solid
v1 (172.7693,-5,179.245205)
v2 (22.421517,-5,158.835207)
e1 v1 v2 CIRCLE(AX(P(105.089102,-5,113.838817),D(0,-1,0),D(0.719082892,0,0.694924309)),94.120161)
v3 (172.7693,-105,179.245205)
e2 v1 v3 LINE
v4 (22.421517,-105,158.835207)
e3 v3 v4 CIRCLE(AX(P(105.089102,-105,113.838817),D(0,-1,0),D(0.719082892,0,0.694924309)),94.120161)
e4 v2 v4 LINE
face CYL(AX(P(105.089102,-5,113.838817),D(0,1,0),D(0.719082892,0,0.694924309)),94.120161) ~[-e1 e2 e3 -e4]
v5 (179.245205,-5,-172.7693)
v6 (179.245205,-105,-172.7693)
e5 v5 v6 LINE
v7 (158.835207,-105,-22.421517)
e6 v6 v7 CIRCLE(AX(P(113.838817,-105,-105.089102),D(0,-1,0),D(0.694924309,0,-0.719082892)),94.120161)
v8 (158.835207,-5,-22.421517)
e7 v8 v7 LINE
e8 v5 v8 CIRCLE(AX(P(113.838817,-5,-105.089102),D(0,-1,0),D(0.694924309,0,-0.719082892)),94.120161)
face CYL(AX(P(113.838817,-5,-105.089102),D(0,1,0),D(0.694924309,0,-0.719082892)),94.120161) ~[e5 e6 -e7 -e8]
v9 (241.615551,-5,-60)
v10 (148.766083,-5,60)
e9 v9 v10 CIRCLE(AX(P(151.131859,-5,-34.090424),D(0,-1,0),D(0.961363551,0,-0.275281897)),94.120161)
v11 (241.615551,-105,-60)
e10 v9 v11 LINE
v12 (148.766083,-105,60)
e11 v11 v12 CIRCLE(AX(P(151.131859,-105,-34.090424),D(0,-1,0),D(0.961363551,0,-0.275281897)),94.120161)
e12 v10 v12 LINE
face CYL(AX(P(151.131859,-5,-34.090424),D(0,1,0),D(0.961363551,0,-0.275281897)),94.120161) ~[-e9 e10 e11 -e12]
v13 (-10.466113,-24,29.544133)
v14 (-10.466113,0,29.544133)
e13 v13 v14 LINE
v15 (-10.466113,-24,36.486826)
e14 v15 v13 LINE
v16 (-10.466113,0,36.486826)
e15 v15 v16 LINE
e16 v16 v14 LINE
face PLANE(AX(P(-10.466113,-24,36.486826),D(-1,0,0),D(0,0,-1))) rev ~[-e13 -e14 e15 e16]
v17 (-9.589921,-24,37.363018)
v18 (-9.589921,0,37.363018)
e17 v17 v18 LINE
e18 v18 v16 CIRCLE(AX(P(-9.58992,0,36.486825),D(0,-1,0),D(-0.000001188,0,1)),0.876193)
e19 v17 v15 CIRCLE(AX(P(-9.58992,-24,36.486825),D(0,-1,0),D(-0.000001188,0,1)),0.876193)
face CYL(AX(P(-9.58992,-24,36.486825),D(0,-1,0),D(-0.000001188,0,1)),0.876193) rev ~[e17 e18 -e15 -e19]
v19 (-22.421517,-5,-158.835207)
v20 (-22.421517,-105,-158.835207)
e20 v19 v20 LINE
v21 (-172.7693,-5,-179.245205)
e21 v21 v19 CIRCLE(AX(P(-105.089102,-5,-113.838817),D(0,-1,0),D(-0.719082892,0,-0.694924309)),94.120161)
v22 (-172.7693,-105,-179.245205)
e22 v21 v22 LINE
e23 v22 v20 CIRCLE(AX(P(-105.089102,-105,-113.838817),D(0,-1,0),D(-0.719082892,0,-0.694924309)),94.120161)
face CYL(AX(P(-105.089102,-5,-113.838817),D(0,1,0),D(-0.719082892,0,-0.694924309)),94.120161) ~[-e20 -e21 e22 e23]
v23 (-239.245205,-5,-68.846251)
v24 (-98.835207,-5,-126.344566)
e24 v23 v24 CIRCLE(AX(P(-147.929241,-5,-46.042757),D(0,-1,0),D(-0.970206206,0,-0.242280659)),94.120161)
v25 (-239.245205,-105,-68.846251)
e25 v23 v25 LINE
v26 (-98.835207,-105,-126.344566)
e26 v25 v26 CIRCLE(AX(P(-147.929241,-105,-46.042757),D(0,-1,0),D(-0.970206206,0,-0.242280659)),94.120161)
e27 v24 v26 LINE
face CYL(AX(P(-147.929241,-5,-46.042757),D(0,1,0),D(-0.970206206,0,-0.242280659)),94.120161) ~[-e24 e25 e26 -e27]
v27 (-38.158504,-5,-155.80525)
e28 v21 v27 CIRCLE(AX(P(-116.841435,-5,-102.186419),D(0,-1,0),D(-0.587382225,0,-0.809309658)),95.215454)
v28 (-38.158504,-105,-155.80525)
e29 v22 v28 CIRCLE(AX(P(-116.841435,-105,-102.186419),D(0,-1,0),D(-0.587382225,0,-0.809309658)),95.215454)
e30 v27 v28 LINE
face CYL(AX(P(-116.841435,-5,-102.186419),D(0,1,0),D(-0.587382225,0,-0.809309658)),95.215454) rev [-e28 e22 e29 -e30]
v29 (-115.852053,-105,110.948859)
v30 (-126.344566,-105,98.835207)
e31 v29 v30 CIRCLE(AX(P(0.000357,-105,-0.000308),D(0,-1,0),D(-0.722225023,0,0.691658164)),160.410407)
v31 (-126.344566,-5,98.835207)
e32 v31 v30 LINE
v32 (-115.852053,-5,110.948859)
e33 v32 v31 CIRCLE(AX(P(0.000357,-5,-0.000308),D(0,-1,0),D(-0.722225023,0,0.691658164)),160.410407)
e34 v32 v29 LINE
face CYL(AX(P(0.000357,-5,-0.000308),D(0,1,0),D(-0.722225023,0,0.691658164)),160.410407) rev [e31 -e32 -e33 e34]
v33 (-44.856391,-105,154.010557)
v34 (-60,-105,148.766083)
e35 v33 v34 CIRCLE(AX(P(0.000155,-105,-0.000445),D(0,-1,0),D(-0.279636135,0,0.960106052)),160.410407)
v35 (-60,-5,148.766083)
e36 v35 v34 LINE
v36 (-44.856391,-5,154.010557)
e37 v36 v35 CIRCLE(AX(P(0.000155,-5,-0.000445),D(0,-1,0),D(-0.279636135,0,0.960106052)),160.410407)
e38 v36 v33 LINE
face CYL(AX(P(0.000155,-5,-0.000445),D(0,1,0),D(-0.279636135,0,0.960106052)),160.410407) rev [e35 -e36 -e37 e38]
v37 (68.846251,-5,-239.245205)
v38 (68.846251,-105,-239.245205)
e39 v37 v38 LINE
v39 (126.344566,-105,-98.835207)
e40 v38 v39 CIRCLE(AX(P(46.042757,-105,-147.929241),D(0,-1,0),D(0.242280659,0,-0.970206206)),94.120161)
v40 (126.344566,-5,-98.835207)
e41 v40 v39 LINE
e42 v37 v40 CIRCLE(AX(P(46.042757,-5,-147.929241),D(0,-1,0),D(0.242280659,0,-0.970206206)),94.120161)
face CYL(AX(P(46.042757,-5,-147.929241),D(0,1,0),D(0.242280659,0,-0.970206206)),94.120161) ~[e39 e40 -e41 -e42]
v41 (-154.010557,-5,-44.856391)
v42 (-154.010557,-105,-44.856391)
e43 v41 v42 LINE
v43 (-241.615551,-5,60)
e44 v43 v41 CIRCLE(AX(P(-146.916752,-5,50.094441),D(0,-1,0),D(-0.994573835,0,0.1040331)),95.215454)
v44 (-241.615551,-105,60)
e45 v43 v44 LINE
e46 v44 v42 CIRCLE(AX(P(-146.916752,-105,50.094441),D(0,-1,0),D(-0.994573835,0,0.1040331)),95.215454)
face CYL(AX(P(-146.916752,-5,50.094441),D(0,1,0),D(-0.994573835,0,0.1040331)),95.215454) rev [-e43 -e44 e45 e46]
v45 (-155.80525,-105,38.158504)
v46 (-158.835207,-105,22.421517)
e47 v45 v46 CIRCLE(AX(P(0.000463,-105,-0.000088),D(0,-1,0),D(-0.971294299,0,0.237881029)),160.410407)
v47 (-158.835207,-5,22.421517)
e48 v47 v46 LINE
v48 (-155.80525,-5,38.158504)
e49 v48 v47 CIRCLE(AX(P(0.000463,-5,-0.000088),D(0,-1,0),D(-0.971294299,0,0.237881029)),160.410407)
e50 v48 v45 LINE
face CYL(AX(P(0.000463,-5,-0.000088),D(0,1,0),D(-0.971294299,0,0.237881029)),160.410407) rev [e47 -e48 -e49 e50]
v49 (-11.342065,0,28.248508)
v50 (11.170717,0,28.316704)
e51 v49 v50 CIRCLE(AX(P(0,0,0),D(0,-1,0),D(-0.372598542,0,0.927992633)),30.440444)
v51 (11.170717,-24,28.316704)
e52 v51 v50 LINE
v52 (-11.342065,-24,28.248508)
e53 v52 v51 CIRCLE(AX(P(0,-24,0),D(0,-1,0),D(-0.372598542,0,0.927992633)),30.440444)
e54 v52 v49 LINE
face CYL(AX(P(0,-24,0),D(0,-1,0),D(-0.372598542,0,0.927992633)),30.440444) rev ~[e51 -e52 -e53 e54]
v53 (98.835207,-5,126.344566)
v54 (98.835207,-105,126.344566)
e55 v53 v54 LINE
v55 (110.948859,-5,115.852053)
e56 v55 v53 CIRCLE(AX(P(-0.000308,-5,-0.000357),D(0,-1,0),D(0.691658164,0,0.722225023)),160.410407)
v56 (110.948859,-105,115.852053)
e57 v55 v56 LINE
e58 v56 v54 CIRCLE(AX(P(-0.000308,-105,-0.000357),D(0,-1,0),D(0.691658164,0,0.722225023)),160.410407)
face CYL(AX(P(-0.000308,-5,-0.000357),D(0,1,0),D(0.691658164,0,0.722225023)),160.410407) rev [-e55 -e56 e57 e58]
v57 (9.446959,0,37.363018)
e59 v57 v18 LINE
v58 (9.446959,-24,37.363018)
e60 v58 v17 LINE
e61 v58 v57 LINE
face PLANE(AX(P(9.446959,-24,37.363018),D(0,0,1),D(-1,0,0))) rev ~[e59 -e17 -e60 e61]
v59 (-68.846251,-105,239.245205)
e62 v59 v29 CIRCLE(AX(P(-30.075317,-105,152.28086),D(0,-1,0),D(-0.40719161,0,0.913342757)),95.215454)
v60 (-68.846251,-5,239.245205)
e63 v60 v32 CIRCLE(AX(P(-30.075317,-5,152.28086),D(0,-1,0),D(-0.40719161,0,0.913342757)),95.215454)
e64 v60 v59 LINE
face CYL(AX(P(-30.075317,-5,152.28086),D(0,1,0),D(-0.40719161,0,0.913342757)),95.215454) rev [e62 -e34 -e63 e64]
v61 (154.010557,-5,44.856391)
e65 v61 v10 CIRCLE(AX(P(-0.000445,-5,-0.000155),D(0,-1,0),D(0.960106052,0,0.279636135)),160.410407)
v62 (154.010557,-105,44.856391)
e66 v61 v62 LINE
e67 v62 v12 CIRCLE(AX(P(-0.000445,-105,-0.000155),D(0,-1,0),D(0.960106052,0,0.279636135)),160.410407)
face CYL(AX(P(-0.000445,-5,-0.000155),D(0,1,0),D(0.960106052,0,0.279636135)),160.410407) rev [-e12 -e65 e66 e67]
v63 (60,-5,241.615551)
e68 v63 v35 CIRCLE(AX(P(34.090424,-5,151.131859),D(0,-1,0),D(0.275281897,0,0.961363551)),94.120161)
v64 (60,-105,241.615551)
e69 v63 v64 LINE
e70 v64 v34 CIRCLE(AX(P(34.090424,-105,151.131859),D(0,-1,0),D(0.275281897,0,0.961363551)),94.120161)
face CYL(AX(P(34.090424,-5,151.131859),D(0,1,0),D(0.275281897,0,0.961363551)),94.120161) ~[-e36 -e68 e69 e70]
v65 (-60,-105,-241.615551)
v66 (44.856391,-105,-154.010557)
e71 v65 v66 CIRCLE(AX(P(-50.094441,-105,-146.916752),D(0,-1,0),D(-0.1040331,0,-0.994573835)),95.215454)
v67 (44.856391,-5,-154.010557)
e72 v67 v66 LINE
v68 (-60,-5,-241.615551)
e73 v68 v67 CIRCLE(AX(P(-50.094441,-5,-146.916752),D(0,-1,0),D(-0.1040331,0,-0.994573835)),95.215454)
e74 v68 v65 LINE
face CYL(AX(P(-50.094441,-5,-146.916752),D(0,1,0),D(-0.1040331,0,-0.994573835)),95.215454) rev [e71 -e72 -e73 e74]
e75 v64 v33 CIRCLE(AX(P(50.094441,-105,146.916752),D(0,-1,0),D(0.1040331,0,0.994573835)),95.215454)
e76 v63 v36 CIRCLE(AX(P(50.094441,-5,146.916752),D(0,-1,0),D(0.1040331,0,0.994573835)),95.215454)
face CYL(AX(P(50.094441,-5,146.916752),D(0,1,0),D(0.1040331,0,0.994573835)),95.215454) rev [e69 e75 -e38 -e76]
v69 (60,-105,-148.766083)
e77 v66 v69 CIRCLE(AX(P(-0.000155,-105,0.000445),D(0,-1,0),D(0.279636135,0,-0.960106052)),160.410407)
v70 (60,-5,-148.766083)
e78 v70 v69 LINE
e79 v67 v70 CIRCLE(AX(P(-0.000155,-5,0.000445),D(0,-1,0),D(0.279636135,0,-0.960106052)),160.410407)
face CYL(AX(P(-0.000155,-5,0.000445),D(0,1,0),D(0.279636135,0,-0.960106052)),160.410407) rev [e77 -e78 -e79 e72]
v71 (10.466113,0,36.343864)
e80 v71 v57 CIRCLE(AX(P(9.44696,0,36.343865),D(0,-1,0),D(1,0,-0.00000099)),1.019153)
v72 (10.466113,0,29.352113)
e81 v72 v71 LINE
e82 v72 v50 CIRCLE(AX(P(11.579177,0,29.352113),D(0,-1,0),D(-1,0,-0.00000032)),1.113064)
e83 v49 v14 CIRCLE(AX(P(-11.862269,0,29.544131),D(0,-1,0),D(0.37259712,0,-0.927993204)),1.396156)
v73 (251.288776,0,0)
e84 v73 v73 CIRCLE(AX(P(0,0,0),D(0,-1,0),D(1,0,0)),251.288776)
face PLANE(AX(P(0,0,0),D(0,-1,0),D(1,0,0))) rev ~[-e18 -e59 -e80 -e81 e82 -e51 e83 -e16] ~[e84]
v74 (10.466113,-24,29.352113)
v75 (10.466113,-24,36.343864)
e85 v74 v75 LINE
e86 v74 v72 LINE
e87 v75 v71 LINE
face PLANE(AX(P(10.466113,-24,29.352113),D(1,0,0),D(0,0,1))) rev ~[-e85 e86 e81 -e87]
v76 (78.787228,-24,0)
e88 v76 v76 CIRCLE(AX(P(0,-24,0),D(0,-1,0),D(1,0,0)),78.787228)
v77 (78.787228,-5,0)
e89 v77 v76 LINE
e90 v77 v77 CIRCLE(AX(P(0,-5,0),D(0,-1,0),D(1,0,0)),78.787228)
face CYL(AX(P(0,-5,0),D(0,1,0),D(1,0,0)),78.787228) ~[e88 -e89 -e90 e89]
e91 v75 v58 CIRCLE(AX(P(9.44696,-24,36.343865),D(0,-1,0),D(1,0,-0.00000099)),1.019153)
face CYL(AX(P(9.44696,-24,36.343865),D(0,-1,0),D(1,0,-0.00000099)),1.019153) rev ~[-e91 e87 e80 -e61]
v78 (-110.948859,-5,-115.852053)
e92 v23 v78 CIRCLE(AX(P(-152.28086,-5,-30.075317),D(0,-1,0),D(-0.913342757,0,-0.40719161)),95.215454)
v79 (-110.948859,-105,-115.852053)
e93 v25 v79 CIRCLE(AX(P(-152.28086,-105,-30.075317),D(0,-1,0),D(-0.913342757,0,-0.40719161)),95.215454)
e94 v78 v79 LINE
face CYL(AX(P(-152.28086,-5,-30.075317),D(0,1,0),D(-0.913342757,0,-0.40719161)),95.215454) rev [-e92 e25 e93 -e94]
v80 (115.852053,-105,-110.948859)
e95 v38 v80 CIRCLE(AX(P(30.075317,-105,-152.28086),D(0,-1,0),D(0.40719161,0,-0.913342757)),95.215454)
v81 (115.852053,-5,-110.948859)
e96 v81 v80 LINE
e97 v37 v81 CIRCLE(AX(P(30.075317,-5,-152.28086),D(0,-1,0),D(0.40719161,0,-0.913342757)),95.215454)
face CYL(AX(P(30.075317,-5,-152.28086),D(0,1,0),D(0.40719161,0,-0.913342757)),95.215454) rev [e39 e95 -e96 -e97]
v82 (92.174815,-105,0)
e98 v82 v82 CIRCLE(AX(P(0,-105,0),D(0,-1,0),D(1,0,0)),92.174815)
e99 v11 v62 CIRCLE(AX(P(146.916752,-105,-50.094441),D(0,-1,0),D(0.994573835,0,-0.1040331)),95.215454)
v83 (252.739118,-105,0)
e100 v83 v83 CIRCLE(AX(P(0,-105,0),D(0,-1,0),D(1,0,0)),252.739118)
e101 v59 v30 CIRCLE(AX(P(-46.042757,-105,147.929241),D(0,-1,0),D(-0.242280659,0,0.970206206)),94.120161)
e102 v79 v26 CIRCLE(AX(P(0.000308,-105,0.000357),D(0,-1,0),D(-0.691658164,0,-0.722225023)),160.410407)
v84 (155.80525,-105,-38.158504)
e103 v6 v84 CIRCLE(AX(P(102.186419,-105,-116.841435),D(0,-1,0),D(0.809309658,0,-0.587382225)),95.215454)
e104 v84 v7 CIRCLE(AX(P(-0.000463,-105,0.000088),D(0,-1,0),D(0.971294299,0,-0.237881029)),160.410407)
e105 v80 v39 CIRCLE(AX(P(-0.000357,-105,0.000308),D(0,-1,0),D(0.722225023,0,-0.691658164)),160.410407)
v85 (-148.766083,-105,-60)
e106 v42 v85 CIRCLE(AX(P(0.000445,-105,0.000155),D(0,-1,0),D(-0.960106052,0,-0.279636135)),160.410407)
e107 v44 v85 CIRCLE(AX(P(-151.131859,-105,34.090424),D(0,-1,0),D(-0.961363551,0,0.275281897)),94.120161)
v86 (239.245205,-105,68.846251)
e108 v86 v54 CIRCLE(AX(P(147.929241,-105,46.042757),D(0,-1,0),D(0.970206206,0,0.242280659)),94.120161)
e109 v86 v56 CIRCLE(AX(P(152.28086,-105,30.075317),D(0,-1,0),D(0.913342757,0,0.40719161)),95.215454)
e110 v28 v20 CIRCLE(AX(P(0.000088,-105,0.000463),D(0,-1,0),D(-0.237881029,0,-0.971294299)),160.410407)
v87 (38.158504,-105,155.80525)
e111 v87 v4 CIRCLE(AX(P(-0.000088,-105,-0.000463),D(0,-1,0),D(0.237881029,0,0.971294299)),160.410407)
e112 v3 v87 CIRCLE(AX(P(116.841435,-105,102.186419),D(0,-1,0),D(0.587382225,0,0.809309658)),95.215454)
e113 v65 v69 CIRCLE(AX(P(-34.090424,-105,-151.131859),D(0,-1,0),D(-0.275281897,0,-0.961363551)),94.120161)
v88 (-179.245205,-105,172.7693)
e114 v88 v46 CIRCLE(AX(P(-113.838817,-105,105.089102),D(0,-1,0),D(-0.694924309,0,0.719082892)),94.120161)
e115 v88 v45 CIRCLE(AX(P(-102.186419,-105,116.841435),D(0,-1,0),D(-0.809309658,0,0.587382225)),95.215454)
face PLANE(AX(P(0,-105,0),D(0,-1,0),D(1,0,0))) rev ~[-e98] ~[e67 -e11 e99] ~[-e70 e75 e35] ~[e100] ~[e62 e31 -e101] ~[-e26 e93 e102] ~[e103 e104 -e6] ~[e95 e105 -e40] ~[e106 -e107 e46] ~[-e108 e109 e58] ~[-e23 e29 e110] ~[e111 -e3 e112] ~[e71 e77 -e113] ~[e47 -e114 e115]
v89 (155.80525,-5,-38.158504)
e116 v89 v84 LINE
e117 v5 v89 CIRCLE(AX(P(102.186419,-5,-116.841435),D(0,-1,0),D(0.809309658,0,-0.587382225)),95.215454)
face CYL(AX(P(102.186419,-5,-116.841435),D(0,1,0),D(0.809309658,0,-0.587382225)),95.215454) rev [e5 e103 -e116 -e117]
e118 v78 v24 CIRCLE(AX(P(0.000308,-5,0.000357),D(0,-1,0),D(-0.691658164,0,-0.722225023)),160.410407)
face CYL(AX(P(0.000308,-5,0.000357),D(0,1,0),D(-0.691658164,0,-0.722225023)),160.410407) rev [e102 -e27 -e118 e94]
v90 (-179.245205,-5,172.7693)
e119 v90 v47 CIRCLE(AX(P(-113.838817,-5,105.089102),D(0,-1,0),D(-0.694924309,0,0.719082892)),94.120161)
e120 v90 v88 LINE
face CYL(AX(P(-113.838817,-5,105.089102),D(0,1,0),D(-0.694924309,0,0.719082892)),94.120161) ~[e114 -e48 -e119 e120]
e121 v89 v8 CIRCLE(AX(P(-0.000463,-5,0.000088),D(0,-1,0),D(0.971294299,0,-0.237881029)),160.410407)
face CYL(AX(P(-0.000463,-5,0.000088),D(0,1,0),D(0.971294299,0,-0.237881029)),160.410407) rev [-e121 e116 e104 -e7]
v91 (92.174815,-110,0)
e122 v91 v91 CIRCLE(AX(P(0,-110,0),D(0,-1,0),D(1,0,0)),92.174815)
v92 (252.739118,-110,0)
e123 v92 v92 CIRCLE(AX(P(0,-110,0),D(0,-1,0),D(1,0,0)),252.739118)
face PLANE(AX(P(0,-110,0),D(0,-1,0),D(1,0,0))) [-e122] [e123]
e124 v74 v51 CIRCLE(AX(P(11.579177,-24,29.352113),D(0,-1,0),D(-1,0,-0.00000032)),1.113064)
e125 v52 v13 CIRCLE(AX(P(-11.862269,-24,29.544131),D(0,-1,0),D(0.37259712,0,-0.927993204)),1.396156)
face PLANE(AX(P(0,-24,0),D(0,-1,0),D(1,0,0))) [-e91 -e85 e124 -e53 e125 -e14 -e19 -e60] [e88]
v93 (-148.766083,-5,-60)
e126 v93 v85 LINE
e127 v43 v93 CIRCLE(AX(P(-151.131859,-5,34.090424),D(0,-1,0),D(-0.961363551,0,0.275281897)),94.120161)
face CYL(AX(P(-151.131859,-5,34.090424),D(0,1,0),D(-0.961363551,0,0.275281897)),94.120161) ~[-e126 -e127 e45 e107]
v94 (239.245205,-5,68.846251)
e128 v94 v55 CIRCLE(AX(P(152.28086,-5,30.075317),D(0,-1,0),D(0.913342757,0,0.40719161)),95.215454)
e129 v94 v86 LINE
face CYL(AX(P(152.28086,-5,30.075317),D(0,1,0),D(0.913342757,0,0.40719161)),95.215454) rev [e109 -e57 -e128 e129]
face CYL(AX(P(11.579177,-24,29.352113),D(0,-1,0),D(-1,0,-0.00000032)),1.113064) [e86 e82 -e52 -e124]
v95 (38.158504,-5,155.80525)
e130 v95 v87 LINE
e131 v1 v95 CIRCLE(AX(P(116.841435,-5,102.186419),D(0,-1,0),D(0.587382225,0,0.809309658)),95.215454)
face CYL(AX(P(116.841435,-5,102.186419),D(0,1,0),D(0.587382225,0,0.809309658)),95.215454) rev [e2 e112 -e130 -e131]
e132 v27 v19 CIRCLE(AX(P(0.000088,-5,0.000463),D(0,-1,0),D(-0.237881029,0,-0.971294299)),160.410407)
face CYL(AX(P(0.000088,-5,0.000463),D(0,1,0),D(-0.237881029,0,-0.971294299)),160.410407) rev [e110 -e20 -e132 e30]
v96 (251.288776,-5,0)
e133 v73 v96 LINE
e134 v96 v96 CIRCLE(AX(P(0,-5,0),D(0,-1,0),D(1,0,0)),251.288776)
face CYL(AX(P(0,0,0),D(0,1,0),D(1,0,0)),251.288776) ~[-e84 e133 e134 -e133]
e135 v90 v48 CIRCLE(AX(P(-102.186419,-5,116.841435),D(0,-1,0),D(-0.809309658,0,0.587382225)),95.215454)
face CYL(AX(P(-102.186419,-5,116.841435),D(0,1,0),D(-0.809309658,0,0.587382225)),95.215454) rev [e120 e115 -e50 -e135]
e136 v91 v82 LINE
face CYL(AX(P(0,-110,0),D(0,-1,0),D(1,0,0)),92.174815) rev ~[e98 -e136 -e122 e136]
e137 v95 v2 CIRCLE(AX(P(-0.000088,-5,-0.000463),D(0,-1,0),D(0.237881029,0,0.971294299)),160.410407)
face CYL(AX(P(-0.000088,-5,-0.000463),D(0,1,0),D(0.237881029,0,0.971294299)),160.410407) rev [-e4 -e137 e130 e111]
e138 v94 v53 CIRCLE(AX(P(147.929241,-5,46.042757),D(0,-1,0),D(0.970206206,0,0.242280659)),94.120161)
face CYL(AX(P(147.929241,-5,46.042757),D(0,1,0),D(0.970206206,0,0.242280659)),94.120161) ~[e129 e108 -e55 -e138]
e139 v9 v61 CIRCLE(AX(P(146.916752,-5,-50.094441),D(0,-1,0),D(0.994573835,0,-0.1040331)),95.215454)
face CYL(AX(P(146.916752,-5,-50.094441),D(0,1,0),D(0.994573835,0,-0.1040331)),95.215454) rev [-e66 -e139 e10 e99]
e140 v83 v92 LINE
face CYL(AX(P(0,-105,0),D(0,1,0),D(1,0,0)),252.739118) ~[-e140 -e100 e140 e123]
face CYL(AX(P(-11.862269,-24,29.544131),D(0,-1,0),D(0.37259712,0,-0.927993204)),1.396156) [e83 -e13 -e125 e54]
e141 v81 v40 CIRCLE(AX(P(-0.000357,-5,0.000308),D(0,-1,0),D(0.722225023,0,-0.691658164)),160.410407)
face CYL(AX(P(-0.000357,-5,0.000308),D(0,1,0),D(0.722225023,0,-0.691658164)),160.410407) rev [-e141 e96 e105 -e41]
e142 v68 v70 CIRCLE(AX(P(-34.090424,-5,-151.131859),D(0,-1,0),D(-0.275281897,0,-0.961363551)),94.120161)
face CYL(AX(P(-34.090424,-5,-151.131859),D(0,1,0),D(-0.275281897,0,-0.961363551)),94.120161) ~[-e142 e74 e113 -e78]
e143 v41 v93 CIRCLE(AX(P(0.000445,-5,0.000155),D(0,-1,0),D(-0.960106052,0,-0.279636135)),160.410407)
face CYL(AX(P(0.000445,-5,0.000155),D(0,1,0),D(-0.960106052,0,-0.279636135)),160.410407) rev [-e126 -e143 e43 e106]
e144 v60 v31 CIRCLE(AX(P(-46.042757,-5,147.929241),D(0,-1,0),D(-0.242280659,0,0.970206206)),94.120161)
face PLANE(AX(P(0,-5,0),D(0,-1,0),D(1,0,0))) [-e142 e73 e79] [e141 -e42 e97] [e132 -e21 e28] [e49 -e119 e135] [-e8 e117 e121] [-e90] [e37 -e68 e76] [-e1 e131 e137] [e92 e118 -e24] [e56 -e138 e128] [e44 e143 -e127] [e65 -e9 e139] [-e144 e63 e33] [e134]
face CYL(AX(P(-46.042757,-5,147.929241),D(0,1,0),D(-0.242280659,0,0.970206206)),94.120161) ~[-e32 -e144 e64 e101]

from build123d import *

# Parameters (mm, degrees)
SKETCH_R           = 251.288776
PAD_DEPTH          = 5
SKETCH001_R        = 78.787228
PAD001_DEPTH       = 19
POCKET_DEPTH       = 24.001
PAD002_DEPTH       = 100
POLARPATTERN_COUNT = 12
SKETCH004_R        = 252.739118
PAD003_DEPTH       = 5
SKETCH005_R        = 92.174815
POCKET001_DEPTH    = 5


with BuildPart() as part:
    # Sketch → Pad (new body)
    with BuildSketch(Plane.XZ):
        Circle(SKETCH_R)
    extrude(amount=PAD_DEPTH)

    # Sketch001 (on Face3 of Pad) → Pad001 (join)
    with BuildSketch(Plane.XZ.offset(5)):
        Circle(SKETCH001_R)
    extrude(amount=PAD001_DEPTH)

    # Sketch002 (on Face5 of Pad001) → Pocket (cut, through all)
    with BuildSketch(Plane.XZ.offset(24)):
        with BuildLine():
            ThreePointArc((-11.342065, 28.248508), (0.09221, -30.440304), (11.170717, 28.316704))
            ThreePointArc((10.466113, 29.352113), (10.658972, 28.725907), (11.170717, 28.316704))
            Line((10.466113, 29.352113), (10.466113, 36.343864))
            ThreePointArc((10.466113, 36.343864), (10.16761, 37.064515), (9.446959, 37.363018))
            Line((9.446959, 37.363018), (-9.589921, 37.363018))
            ThreePointArc((-9.589921, 37.363018), (-10.209482, 37.106387), (-10.466113, 36.486826))
            Line((-10.466113, 36.486826), (-10.466113, 29.544133))
            ThreePointArc((-11.342065, 28.248508), (-10.705649, 28.762158), (-10.466113, 29.544133))
        make_face()
    extrude(amount=-POCKET_DEPTH, mode=Mode.SUBTRACT)

    # Sketch003 (on Face3 of Pocket) → Pad002 (join)
    with BuildSketch(Plane.XZ.offset(5)):
        with BuildLine():
            ThreePointArc((-44.856391, 154.010557), (-52.493731, 151.577556), (-60, 148.766083))
            ThreePointArc((60, 241.615551), (-23.506563, 225.571041), (-60, 148.766083))
            ThreePointArc((60, 241.615551), (-10.953355, 219.986234), (-44.856391, 154.010557))
        make_face()
    pad002 = extrude(amount=PAD002_DEPTH)

    # PolarPattern: Pad002 ×12 about axis
    polarpattern_axis = Axis((0, -5, 0), (0, -1, 0))
    for i in range(1, POLARPATTERN_COUNT):
        add(pad002.rotate(polarpattern_axis, i * 360 / POLARPATTERN_COUNT))

    # Sketch004 (on Face55 of PolarPattern) → Pad003 (join)
    with BuildSketch(Plane.XZ.offset(105)):
        Circle(SKETCH004_R)
    extrude(amount=PAD003_DEPTH)

    # Sketch005 (on Face3 of Pad003) → Pocket001 (cut)
    with BuildSketch(Plane.XZ.offset(110)):
        Circle(SKETCH005_R)
    extrude(amount=-POCKET001_DEPTH, mode=Mode.SUBTRACT)


solid = part.part
